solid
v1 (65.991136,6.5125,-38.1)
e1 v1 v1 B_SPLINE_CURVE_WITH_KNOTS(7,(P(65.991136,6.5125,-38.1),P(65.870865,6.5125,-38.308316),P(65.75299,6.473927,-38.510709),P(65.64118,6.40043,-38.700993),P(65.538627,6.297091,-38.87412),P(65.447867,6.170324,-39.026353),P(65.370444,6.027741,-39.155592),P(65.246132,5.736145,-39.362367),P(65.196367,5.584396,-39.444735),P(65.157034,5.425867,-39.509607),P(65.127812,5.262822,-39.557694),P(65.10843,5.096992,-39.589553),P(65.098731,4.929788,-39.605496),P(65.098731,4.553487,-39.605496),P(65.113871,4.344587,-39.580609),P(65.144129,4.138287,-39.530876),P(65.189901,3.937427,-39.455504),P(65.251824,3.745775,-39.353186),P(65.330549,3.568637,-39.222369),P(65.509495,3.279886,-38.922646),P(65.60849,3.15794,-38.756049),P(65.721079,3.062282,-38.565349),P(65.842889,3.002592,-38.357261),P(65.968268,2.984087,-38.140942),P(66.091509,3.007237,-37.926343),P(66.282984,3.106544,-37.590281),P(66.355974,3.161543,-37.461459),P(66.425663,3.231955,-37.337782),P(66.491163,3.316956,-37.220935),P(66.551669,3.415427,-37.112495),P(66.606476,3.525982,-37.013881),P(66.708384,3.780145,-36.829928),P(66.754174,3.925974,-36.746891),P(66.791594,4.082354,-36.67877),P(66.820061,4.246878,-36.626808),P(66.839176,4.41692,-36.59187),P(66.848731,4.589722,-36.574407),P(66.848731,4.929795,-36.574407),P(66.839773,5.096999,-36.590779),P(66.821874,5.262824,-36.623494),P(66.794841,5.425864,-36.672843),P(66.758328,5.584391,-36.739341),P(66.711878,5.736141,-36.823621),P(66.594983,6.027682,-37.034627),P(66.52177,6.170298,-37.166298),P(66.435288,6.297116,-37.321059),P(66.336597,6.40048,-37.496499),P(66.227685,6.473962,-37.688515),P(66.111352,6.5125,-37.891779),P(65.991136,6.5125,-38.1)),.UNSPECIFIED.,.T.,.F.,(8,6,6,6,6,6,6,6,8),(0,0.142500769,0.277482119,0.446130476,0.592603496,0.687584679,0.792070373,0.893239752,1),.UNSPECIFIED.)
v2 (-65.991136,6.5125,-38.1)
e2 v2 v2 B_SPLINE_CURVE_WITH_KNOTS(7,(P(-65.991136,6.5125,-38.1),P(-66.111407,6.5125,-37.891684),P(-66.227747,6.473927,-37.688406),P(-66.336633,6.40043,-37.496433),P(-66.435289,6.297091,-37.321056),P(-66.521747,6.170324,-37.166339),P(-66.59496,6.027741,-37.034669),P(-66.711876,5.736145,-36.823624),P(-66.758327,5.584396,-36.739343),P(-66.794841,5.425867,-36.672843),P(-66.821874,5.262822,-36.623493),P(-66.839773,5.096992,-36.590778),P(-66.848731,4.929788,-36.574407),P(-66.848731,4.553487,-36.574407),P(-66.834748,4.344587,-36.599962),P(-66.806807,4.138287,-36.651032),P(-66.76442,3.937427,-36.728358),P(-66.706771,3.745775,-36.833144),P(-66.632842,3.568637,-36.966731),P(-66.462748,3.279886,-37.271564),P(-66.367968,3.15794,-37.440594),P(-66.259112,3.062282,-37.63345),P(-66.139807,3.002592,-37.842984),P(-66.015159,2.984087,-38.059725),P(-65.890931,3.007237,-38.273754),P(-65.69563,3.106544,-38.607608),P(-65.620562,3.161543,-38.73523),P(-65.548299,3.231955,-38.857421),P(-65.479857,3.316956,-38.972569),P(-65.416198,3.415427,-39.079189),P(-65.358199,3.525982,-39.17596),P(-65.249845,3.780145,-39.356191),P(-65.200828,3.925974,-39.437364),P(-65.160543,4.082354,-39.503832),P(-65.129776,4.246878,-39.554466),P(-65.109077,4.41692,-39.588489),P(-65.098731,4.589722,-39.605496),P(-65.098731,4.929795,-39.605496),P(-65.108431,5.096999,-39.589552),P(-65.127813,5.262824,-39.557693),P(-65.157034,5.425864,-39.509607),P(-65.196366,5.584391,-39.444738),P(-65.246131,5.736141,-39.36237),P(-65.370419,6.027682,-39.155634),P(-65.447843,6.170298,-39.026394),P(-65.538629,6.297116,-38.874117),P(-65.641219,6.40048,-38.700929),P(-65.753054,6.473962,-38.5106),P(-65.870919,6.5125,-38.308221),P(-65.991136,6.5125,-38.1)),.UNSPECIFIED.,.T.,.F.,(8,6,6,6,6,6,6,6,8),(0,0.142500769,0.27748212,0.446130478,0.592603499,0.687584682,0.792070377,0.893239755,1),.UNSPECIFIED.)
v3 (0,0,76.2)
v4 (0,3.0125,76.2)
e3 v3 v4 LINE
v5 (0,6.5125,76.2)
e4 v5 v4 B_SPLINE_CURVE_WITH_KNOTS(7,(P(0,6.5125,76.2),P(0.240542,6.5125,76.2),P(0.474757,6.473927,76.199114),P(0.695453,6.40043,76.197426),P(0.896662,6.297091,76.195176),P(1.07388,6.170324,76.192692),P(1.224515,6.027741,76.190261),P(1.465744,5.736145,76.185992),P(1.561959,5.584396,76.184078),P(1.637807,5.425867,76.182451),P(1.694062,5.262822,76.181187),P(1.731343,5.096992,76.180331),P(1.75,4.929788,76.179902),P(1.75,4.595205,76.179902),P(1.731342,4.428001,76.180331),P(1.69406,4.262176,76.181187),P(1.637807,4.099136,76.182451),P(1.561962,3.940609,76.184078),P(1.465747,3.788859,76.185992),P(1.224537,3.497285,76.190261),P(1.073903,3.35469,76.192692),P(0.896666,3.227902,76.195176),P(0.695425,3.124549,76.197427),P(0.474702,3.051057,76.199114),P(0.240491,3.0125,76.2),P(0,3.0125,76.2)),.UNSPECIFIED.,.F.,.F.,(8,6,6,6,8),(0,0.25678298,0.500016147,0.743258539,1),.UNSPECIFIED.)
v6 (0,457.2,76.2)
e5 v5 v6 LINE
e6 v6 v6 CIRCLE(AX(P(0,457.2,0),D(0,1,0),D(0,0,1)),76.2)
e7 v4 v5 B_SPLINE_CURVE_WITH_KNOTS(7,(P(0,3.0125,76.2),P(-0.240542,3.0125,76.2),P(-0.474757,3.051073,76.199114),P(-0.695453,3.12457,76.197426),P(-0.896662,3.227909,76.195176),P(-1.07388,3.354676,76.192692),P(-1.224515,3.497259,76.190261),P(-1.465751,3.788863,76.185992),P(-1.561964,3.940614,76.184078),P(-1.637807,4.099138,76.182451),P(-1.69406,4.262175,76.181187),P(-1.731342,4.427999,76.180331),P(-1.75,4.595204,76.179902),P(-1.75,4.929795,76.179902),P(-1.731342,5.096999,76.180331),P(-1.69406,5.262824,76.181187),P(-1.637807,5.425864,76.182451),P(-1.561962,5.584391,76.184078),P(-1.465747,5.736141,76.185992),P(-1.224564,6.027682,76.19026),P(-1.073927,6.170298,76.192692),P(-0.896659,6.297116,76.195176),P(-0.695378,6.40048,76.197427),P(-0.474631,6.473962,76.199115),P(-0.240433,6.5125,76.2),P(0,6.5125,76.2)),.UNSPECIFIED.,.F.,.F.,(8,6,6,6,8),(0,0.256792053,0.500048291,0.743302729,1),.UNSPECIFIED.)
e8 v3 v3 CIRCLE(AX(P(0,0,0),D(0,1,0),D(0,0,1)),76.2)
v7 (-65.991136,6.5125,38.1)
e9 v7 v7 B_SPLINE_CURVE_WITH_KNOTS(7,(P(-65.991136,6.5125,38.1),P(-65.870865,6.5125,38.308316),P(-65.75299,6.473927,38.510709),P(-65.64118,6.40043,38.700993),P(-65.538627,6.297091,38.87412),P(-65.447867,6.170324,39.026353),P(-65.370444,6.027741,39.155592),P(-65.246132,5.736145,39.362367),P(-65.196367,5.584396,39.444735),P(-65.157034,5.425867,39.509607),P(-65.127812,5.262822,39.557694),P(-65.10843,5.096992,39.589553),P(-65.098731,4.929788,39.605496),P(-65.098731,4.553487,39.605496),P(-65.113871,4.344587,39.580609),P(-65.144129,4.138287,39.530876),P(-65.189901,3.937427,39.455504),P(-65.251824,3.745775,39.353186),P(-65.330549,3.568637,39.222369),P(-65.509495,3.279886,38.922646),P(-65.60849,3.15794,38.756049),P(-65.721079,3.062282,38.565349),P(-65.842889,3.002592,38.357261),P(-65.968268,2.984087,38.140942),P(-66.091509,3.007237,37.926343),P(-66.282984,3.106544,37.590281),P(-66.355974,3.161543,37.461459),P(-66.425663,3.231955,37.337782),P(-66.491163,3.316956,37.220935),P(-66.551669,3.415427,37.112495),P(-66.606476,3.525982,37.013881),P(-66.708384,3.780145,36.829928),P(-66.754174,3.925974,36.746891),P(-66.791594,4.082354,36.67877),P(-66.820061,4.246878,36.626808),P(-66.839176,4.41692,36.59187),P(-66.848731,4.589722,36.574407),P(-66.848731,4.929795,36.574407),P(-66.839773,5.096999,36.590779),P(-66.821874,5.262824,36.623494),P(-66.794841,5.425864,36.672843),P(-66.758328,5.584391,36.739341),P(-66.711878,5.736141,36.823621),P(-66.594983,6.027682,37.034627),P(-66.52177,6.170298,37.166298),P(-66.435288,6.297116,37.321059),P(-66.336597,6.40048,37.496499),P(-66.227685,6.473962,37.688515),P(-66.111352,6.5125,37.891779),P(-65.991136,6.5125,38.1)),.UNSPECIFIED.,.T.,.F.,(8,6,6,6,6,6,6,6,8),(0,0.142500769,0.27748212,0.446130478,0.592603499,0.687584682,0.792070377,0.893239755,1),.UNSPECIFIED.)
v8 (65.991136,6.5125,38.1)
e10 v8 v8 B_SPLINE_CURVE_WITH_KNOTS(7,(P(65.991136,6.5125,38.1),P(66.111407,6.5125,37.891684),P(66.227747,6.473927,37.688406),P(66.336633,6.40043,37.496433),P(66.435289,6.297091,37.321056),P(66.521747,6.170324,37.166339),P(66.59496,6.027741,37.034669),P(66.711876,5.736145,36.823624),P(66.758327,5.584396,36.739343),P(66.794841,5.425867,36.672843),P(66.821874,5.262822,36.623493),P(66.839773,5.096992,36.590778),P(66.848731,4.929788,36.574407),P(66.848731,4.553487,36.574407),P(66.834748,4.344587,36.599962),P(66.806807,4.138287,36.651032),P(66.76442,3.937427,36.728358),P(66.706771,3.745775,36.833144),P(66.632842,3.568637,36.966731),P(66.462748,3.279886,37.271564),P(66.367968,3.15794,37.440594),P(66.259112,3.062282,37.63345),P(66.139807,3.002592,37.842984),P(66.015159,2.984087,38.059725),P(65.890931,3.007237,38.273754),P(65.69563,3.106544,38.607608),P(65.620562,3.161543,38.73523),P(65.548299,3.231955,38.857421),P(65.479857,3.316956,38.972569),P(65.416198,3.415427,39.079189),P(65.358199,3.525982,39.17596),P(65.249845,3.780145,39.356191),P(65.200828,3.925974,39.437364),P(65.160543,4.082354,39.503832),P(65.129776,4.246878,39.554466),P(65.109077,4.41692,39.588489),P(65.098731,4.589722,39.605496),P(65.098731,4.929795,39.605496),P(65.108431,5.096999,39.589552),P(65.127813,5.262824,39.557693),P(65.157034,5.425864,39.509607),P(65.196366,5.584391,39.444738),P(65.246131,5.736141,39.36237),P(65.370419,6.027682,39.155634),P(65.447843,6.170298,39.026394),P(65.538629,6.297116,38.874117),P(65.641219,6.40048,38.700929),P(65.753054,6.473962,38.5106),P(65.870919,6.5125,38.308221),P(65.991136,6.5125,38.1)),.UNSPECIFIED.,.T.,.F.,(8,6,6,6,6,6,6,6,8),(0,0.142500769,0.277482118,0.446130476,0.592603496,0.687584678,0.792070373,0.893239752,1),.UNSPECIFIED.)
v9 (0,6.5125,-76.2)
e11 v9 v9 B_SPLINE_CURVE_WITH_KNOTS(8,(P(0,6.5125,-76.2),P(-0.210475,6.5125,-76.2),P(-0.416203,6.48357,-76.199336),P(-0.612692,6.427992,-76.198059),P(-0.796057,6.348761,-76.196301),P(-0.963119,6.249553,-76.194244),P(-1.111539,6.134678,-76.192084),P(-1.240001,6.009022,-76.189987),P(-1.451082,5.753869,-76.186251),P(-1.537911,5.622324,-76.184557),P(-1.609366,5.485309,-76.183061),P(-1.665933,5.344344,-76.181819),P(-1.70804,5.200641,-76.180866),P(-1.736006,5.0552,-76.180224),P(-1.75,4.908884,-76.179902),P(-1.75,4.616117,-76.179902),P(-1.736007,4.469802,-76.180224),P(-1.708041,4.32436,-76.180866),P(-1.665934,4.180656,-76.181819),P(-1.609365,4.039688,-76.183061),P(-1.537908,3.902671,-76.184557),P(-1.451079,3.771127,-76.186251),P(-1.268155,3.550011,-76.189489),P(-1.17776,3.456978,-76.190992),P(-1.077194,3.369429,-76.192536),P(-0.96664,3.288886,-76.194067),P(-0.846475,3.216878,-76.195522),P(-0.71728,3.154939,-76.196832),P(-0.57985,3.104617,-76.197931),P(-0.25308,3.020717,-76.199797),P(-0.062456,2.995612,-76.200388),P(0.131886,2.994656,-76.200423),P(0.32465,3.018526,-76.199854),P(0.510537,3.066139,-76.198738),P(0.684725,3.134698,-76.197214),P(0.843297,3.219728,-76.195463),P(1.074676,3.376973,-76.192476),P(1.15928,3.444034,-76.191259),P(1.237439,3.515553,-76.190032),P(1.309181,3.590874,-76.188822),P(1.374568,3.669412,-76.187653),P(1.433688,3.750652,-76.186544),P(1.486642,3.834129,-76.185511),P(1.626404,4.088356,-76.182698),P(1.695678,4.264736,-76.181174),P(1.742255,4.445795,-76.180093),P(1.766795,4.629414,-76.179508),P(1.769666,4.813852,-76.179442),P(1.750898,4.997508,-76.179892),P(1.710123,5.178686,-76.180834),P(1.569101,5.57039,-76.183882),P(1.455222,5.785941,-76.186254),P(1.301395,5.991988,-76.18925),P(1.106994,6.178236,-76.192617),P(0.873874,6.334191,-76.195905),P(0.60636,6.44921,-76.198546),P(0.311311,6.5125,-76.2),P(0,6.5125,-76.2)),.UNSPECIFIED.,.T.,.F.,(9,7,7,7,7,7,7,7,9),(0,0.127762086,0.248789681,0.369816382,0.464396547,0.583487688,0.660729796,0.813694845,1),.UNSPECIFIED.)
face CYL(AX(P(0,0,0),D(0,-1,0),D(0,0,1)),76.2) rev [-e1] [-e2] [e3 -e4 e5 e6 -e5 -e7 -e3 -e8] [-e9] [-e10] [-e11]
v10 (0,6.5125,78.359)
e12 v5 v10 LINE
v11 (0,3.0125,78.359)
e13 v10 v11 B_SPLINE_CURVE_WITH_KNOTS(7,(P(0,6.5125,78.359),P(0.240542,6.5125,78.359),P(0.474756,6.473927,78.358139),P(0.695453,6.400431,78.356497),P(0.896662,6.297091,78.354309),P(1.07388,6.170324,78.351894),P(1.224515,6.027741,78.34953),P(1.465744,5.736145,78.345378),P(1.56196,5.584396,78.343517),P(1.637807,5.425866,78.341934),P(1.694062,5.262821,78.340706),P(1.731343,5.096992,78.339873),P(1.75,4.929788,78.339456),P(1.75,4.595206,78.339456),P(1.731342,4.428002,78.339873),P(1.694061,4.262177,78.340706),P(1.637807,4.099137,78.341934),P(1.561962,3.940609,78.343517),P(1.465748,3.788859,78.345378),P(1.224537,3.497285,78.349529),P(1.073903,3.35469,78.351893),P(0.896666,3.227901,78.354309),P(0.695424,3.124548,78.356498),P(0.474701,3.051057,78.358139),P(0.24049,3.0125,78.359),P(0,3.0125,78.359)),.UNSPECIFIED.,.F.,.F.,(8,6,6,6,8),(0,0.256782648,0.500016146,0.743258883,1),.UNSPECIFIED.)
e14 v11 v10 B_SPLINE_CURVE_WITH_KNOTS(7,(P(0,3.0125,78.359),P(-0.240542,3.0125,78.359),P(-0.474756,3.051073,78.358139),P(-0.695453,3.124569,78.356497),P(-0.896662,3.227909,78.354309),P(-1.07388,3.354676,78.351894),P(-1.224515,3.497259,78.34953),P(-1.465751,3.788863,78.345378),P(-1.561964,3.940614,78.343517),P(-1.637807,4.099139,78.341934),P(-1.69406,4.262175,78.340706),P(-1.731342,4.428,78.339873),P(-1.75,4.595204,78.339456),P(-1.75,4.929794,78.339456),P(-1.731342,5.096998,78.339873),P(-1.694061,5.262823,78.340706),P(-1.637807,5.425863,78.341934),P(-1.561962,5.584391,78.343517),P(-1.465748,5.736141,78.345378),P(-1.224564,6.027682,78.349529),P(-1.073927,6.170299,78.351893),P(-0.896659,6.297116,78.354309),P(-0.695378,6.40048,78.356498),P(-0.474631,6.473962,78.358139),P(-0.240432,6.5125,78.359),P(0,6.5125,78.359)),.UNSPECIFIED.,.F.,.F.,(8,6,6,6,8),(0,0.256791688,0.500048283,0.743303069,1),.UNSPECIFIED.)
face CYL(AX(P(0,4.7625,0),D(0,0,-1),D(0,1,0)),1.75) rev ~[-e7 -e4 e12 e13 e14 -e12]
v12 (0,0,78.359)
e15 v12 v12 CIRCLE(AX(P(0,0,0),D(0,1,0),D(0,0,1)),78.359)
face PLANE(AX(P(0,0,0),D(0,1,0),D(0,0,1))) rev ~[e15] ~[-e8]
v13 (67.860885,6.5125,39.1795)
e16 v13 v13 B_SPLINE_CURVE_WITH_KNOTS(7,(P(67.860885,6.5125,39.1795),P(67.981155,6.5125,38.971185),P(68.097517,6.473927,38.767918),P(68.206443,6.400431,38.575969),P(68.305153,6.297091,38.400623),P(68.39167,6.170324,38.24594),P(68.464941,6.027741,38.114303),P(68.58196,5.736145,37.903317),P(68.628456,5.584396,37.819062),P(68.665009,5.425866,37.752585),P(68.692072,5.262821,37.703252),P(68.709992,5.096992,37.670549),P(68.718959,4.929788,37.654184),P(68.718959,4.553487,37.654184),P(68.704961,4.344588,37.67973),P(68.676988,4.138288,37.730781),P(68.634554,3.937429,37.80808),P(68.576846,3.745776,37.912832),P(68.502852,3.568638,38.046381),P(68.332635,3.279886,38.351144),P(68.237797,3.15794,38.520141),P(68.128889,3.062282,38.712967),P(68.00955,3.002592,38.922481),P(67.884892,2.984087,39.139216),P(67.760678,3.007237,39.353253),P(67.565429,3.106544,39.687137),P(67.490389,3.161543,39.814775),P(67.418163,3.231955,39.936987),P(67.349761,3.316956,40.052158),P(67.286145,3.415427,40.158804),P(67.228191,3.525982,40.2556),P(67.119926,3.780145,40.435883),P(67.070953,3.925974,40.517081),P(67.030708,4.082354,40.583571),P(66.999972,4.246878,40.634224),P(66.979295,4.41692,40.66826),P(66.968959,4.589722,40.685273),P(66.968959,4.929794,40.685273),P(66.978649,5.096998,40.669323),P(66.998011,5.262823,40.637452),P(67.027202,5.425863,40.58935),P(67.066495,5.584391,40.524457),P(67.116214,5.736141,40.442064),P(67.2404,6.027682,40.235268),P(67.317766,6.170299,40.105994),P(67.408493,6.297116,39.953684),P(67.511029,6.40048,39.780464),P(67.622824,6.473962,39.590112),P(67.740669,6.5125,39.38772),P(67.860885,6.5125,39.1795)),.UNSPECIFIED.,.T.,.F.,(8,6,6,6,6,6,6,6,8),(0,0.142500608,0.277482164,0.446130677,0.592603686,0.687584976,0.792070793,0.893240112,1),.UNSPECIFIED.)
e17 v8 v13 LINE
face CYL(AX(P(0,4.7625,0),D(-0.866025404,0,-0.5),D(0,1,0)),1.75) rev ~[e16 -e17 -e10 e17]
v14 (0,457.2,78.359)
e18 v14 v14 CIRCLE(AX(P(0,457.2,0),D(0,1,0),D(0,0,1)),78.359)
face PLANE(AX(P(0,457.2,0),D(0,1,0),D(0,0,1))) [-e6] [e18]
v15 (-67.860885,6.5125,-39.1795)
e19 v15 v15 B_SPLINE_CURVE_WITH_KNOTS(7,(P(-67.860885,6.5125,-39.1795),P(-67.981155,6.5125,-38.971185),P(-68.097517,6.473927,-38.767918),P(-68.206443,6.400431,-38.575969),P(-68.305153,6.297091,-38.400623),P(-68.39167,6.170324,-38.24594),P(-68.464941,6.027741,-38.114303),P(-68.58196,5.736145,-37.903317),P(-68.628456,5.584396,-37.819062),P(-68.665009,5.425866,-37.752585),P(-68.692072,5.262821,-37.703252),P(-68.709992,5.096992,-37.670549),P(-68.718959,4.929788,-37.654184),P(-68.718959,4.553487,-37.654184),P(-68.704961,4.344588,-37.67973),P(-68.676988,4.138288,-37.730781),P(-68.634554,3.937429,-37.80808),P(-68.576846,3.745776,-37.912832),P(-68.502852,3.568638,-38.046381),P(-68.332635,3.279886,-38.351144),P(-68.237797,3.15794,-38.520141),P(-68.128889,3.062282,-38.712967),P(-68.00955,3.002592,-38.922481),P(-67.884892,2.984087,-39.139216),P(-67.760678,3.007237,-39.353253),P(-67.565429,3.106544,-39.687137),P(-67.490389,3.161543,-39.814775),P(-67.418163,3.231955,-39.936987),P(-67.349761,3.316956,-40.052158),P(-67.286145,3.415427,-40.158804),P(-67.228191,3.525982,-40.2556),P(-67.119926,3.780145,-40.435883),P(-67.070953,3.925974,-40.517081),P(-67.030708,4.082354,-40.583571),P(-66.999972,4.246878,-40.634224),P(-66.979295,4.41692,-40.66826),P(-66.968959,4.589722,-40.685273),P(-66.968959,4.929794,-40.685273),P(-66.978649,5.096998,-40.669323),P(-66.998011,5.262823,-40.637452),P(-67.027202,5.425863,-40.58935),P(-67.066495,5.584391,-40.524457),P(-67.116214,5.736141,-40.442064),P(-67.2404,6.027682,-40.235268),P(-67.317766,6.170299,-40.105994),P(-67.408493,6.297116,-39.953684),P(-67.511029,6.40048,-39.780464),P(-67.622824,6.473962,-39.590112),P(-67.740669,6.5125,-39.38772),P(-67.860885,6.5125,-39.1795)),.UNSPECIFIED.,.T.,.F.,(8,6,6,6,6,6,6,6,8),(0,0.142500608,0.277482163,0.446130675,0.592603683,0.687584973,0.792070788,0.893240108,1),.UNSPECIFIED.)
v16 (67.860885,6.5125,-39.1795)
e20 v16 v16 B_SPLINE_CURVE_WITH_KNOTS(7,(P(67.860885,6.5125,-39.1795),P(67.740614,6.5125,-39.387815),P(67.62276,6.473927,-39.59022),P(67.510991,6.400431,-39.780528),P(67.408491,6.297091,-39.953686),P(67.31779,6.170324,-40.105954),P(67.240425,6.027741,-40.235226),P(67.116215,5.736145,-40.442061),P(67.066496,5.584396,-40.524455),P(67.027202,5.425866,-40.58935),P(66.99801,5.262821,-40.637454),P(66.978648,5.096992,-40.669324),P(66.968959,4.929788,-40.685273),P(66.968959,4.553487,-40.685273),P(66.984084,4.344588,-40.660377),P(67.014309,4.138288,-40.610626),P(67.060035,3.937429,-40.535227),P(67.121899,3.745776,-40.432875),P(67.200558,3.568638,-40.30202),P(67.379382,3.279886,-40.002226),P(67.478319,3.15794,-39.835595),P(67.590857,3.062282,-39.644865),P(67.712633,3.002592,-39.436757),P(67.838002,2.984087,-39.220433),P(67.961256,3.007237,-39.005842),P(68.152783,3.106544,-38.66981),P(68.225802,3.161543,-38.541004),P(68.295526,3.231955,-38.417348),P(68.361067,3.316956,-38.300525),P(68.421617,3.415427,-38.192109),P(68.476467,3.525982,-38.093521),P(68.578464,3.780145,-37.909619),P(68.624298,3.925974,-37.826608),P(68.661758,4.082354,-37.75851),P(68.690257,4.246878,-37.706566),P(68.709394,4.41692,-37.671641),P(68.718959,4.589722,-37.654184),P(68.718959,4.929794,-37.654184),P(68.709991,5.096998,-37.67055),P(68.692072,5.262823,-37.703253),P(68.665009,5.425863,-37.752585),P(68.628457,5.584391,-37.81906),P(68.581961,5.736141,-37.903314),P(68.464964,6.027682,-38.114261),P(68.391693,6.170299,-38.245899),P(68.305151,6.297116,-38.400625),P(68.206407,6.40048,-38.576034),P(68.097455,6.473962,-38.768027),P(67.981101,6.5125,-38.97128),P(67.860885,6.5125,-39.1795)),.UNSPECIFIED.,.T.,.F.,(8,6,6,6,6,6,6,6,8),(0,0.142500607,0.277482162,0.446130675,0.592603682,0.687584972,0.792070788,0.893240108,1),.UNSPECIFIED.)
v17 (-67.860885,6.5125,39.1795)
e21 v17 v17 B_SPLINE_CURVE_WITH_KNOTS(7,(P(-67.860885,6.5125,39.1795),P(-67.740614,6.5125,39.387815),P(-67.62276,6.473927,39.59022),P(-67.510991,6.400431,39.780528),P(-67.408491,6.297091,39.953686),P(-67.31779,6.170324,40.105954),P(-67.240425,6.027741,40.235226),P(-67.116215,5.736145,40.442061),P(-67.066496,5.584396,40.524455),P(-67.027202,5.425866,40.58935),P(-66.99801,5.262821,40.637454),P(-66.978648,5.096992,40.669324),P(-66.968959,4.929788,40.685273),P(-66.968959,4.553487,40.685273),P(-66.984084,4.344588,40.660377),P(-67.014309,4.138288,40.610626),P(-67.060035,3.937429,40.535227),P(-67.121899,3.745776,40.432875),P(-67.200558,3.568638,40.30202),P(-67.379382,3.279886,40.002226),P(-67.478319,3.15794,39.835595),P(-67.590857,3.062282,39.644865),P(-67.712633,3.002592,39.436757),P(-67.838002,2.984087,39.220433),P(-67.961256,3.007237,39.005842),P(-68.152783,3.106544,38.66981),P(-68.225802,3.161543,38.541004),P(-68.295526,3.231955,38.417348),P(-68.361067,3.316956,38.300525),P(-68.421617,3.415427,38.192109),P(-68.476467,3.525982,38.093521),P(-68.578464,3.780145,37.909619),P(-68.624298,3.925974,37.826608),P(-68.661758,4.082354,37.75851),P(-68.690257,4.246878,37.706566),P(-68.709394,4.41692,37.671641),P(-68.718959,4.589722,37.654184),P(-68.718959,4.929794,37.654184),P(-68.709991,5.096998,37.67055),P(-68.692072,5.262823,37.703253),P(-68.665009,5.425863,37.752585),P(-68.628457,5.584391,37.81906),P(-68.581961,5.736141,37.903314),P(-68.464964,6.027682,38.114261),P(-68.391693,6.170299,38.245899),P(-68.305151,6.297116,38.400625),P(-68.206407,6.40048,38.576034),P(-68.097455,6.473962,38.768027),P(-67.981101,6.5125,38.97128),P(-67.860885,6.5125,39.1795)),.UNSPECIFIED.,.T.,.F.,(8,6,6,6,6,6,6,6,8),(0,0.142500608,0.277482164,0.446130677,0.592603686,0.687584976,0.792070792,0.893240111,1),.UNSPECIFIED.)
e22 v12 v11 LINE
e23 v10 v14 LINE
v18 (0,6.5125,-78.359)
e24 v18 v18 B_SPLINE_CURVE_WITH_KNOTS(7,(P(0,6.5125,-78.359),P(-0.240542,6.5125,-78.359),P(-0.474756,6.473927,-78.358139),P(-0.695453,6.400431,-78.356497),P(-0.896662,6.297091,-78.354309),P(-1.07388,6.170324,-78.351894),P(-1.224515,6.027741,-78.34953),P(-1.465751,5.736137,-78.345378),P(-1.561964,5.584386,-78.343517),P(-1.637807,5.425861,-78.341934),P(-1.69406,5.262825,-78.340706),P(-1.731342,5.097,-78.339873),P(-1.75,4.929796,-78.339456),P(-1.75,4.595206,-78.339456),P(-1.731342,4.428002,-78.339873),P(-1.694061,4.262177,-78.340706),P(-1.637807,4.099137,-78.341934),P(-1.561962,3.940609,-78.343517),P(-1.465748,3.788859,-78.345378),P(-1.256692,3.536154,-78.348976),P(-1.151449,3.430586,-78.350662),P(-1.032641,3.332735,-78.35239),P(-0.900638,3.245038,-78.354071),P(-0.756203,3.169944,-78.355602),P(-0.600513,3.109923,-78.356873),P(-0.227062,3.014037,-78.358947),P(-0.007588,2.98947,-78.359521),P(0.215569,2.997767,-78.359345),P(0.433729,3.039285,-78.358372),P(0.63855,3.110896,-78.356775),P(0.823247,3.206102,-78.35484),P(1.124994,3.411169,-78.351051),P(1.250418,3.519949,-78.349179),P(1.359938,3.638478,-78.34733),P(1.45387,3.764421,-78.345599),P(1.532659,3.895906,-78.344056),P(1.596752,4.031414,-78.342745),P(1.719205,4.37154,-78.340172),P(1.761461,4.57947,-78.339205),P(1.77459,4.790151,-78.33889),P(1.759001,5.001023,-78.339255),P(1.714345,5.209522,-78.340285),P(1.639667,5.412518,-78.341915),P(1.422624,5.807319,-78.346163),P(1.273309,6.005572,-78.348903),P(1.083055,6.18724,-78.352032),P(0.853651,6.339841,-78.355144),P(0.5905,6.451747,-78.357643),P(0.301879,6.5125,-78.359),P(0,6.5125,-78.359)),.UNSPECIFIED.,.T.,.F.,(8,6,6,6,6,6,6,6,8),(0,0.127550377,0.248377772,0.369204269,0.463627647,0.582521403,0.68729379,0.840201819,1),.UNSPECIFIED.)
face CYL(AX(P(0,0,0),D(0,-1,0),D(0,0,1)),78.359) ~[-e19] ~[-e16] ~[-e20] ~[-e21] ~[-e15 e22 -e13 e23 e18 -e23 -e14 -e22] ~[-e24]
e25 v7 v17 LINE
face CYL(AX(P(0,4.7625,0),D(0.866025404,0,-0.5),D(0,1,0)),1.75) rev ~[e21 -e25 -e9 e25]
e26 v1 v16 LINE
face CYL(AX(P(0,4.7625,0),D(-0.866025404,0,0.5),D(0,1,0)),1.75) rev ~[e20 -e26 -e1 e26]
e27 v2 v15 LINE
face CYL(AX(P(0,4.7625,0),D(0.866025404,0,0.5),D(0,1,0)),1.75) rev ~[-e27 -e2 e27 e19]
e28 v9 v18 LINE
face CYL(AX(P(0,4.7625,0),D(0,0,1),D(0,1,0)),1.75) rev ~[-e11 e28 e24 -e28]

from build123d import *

# Parameters (mm, degrees)
SKETCH1_R           = 78.359
SKETCH1_R_2         = 76.2
BOSS_EXTRUDE1_DEPTH = 457.2
SKETCH2_R           = 1.750000056
CUT_EXTRUDE1_DEPTH  = 471.438206104
CIRPATTERN1_COUNT   = 6


with BuildPart() as part:
    # Sketch1 → Boss-Extrude1 (new body)
    with BuildSketch(Plane(origin=(0, 0, 0), x_dir=(1, 0, 0), z_dir=(0, 1, 0))):
        with Locations(Location((0, 0, 0), (0, 0, 270))):
            Circle(SKETCH1_R)
        with Locations(Location((0, 0, 0), (0, 0, 270))):
            Circle(SKETCH1_R_2, mode=Mode.SUBTRACT)
    extrude(amount=BOSS_EXTRUDE1_DEPTH)

    # Sketch2 → Cut-Extrude1 (cut, through all)
    with BuildSketch(Plane.XY):
        with Locations(Location((0, 4.7625, 0), (0, 0, 90))):
            Circle(SKETCH2_R)
    cut_extrude1 = extrude(amount=-CUT_EXTRUDE1_DEPTH, mode=Mode.SUBTRACT)

    # CirPattern1: Cut-Extrude1 ×6 about axis
    cirpattern1_axis = Axis((0, 457.2, 0), (0, -1, 0))
    for i in range(1, CIRPATTERN1_COUNT):
        add(cut_extrude1.rotate(cirpattern1_axis, i * 360 / CIRPATTERN1_COUNT), mode=Mode.SUBTRACT)


solid = part.part
